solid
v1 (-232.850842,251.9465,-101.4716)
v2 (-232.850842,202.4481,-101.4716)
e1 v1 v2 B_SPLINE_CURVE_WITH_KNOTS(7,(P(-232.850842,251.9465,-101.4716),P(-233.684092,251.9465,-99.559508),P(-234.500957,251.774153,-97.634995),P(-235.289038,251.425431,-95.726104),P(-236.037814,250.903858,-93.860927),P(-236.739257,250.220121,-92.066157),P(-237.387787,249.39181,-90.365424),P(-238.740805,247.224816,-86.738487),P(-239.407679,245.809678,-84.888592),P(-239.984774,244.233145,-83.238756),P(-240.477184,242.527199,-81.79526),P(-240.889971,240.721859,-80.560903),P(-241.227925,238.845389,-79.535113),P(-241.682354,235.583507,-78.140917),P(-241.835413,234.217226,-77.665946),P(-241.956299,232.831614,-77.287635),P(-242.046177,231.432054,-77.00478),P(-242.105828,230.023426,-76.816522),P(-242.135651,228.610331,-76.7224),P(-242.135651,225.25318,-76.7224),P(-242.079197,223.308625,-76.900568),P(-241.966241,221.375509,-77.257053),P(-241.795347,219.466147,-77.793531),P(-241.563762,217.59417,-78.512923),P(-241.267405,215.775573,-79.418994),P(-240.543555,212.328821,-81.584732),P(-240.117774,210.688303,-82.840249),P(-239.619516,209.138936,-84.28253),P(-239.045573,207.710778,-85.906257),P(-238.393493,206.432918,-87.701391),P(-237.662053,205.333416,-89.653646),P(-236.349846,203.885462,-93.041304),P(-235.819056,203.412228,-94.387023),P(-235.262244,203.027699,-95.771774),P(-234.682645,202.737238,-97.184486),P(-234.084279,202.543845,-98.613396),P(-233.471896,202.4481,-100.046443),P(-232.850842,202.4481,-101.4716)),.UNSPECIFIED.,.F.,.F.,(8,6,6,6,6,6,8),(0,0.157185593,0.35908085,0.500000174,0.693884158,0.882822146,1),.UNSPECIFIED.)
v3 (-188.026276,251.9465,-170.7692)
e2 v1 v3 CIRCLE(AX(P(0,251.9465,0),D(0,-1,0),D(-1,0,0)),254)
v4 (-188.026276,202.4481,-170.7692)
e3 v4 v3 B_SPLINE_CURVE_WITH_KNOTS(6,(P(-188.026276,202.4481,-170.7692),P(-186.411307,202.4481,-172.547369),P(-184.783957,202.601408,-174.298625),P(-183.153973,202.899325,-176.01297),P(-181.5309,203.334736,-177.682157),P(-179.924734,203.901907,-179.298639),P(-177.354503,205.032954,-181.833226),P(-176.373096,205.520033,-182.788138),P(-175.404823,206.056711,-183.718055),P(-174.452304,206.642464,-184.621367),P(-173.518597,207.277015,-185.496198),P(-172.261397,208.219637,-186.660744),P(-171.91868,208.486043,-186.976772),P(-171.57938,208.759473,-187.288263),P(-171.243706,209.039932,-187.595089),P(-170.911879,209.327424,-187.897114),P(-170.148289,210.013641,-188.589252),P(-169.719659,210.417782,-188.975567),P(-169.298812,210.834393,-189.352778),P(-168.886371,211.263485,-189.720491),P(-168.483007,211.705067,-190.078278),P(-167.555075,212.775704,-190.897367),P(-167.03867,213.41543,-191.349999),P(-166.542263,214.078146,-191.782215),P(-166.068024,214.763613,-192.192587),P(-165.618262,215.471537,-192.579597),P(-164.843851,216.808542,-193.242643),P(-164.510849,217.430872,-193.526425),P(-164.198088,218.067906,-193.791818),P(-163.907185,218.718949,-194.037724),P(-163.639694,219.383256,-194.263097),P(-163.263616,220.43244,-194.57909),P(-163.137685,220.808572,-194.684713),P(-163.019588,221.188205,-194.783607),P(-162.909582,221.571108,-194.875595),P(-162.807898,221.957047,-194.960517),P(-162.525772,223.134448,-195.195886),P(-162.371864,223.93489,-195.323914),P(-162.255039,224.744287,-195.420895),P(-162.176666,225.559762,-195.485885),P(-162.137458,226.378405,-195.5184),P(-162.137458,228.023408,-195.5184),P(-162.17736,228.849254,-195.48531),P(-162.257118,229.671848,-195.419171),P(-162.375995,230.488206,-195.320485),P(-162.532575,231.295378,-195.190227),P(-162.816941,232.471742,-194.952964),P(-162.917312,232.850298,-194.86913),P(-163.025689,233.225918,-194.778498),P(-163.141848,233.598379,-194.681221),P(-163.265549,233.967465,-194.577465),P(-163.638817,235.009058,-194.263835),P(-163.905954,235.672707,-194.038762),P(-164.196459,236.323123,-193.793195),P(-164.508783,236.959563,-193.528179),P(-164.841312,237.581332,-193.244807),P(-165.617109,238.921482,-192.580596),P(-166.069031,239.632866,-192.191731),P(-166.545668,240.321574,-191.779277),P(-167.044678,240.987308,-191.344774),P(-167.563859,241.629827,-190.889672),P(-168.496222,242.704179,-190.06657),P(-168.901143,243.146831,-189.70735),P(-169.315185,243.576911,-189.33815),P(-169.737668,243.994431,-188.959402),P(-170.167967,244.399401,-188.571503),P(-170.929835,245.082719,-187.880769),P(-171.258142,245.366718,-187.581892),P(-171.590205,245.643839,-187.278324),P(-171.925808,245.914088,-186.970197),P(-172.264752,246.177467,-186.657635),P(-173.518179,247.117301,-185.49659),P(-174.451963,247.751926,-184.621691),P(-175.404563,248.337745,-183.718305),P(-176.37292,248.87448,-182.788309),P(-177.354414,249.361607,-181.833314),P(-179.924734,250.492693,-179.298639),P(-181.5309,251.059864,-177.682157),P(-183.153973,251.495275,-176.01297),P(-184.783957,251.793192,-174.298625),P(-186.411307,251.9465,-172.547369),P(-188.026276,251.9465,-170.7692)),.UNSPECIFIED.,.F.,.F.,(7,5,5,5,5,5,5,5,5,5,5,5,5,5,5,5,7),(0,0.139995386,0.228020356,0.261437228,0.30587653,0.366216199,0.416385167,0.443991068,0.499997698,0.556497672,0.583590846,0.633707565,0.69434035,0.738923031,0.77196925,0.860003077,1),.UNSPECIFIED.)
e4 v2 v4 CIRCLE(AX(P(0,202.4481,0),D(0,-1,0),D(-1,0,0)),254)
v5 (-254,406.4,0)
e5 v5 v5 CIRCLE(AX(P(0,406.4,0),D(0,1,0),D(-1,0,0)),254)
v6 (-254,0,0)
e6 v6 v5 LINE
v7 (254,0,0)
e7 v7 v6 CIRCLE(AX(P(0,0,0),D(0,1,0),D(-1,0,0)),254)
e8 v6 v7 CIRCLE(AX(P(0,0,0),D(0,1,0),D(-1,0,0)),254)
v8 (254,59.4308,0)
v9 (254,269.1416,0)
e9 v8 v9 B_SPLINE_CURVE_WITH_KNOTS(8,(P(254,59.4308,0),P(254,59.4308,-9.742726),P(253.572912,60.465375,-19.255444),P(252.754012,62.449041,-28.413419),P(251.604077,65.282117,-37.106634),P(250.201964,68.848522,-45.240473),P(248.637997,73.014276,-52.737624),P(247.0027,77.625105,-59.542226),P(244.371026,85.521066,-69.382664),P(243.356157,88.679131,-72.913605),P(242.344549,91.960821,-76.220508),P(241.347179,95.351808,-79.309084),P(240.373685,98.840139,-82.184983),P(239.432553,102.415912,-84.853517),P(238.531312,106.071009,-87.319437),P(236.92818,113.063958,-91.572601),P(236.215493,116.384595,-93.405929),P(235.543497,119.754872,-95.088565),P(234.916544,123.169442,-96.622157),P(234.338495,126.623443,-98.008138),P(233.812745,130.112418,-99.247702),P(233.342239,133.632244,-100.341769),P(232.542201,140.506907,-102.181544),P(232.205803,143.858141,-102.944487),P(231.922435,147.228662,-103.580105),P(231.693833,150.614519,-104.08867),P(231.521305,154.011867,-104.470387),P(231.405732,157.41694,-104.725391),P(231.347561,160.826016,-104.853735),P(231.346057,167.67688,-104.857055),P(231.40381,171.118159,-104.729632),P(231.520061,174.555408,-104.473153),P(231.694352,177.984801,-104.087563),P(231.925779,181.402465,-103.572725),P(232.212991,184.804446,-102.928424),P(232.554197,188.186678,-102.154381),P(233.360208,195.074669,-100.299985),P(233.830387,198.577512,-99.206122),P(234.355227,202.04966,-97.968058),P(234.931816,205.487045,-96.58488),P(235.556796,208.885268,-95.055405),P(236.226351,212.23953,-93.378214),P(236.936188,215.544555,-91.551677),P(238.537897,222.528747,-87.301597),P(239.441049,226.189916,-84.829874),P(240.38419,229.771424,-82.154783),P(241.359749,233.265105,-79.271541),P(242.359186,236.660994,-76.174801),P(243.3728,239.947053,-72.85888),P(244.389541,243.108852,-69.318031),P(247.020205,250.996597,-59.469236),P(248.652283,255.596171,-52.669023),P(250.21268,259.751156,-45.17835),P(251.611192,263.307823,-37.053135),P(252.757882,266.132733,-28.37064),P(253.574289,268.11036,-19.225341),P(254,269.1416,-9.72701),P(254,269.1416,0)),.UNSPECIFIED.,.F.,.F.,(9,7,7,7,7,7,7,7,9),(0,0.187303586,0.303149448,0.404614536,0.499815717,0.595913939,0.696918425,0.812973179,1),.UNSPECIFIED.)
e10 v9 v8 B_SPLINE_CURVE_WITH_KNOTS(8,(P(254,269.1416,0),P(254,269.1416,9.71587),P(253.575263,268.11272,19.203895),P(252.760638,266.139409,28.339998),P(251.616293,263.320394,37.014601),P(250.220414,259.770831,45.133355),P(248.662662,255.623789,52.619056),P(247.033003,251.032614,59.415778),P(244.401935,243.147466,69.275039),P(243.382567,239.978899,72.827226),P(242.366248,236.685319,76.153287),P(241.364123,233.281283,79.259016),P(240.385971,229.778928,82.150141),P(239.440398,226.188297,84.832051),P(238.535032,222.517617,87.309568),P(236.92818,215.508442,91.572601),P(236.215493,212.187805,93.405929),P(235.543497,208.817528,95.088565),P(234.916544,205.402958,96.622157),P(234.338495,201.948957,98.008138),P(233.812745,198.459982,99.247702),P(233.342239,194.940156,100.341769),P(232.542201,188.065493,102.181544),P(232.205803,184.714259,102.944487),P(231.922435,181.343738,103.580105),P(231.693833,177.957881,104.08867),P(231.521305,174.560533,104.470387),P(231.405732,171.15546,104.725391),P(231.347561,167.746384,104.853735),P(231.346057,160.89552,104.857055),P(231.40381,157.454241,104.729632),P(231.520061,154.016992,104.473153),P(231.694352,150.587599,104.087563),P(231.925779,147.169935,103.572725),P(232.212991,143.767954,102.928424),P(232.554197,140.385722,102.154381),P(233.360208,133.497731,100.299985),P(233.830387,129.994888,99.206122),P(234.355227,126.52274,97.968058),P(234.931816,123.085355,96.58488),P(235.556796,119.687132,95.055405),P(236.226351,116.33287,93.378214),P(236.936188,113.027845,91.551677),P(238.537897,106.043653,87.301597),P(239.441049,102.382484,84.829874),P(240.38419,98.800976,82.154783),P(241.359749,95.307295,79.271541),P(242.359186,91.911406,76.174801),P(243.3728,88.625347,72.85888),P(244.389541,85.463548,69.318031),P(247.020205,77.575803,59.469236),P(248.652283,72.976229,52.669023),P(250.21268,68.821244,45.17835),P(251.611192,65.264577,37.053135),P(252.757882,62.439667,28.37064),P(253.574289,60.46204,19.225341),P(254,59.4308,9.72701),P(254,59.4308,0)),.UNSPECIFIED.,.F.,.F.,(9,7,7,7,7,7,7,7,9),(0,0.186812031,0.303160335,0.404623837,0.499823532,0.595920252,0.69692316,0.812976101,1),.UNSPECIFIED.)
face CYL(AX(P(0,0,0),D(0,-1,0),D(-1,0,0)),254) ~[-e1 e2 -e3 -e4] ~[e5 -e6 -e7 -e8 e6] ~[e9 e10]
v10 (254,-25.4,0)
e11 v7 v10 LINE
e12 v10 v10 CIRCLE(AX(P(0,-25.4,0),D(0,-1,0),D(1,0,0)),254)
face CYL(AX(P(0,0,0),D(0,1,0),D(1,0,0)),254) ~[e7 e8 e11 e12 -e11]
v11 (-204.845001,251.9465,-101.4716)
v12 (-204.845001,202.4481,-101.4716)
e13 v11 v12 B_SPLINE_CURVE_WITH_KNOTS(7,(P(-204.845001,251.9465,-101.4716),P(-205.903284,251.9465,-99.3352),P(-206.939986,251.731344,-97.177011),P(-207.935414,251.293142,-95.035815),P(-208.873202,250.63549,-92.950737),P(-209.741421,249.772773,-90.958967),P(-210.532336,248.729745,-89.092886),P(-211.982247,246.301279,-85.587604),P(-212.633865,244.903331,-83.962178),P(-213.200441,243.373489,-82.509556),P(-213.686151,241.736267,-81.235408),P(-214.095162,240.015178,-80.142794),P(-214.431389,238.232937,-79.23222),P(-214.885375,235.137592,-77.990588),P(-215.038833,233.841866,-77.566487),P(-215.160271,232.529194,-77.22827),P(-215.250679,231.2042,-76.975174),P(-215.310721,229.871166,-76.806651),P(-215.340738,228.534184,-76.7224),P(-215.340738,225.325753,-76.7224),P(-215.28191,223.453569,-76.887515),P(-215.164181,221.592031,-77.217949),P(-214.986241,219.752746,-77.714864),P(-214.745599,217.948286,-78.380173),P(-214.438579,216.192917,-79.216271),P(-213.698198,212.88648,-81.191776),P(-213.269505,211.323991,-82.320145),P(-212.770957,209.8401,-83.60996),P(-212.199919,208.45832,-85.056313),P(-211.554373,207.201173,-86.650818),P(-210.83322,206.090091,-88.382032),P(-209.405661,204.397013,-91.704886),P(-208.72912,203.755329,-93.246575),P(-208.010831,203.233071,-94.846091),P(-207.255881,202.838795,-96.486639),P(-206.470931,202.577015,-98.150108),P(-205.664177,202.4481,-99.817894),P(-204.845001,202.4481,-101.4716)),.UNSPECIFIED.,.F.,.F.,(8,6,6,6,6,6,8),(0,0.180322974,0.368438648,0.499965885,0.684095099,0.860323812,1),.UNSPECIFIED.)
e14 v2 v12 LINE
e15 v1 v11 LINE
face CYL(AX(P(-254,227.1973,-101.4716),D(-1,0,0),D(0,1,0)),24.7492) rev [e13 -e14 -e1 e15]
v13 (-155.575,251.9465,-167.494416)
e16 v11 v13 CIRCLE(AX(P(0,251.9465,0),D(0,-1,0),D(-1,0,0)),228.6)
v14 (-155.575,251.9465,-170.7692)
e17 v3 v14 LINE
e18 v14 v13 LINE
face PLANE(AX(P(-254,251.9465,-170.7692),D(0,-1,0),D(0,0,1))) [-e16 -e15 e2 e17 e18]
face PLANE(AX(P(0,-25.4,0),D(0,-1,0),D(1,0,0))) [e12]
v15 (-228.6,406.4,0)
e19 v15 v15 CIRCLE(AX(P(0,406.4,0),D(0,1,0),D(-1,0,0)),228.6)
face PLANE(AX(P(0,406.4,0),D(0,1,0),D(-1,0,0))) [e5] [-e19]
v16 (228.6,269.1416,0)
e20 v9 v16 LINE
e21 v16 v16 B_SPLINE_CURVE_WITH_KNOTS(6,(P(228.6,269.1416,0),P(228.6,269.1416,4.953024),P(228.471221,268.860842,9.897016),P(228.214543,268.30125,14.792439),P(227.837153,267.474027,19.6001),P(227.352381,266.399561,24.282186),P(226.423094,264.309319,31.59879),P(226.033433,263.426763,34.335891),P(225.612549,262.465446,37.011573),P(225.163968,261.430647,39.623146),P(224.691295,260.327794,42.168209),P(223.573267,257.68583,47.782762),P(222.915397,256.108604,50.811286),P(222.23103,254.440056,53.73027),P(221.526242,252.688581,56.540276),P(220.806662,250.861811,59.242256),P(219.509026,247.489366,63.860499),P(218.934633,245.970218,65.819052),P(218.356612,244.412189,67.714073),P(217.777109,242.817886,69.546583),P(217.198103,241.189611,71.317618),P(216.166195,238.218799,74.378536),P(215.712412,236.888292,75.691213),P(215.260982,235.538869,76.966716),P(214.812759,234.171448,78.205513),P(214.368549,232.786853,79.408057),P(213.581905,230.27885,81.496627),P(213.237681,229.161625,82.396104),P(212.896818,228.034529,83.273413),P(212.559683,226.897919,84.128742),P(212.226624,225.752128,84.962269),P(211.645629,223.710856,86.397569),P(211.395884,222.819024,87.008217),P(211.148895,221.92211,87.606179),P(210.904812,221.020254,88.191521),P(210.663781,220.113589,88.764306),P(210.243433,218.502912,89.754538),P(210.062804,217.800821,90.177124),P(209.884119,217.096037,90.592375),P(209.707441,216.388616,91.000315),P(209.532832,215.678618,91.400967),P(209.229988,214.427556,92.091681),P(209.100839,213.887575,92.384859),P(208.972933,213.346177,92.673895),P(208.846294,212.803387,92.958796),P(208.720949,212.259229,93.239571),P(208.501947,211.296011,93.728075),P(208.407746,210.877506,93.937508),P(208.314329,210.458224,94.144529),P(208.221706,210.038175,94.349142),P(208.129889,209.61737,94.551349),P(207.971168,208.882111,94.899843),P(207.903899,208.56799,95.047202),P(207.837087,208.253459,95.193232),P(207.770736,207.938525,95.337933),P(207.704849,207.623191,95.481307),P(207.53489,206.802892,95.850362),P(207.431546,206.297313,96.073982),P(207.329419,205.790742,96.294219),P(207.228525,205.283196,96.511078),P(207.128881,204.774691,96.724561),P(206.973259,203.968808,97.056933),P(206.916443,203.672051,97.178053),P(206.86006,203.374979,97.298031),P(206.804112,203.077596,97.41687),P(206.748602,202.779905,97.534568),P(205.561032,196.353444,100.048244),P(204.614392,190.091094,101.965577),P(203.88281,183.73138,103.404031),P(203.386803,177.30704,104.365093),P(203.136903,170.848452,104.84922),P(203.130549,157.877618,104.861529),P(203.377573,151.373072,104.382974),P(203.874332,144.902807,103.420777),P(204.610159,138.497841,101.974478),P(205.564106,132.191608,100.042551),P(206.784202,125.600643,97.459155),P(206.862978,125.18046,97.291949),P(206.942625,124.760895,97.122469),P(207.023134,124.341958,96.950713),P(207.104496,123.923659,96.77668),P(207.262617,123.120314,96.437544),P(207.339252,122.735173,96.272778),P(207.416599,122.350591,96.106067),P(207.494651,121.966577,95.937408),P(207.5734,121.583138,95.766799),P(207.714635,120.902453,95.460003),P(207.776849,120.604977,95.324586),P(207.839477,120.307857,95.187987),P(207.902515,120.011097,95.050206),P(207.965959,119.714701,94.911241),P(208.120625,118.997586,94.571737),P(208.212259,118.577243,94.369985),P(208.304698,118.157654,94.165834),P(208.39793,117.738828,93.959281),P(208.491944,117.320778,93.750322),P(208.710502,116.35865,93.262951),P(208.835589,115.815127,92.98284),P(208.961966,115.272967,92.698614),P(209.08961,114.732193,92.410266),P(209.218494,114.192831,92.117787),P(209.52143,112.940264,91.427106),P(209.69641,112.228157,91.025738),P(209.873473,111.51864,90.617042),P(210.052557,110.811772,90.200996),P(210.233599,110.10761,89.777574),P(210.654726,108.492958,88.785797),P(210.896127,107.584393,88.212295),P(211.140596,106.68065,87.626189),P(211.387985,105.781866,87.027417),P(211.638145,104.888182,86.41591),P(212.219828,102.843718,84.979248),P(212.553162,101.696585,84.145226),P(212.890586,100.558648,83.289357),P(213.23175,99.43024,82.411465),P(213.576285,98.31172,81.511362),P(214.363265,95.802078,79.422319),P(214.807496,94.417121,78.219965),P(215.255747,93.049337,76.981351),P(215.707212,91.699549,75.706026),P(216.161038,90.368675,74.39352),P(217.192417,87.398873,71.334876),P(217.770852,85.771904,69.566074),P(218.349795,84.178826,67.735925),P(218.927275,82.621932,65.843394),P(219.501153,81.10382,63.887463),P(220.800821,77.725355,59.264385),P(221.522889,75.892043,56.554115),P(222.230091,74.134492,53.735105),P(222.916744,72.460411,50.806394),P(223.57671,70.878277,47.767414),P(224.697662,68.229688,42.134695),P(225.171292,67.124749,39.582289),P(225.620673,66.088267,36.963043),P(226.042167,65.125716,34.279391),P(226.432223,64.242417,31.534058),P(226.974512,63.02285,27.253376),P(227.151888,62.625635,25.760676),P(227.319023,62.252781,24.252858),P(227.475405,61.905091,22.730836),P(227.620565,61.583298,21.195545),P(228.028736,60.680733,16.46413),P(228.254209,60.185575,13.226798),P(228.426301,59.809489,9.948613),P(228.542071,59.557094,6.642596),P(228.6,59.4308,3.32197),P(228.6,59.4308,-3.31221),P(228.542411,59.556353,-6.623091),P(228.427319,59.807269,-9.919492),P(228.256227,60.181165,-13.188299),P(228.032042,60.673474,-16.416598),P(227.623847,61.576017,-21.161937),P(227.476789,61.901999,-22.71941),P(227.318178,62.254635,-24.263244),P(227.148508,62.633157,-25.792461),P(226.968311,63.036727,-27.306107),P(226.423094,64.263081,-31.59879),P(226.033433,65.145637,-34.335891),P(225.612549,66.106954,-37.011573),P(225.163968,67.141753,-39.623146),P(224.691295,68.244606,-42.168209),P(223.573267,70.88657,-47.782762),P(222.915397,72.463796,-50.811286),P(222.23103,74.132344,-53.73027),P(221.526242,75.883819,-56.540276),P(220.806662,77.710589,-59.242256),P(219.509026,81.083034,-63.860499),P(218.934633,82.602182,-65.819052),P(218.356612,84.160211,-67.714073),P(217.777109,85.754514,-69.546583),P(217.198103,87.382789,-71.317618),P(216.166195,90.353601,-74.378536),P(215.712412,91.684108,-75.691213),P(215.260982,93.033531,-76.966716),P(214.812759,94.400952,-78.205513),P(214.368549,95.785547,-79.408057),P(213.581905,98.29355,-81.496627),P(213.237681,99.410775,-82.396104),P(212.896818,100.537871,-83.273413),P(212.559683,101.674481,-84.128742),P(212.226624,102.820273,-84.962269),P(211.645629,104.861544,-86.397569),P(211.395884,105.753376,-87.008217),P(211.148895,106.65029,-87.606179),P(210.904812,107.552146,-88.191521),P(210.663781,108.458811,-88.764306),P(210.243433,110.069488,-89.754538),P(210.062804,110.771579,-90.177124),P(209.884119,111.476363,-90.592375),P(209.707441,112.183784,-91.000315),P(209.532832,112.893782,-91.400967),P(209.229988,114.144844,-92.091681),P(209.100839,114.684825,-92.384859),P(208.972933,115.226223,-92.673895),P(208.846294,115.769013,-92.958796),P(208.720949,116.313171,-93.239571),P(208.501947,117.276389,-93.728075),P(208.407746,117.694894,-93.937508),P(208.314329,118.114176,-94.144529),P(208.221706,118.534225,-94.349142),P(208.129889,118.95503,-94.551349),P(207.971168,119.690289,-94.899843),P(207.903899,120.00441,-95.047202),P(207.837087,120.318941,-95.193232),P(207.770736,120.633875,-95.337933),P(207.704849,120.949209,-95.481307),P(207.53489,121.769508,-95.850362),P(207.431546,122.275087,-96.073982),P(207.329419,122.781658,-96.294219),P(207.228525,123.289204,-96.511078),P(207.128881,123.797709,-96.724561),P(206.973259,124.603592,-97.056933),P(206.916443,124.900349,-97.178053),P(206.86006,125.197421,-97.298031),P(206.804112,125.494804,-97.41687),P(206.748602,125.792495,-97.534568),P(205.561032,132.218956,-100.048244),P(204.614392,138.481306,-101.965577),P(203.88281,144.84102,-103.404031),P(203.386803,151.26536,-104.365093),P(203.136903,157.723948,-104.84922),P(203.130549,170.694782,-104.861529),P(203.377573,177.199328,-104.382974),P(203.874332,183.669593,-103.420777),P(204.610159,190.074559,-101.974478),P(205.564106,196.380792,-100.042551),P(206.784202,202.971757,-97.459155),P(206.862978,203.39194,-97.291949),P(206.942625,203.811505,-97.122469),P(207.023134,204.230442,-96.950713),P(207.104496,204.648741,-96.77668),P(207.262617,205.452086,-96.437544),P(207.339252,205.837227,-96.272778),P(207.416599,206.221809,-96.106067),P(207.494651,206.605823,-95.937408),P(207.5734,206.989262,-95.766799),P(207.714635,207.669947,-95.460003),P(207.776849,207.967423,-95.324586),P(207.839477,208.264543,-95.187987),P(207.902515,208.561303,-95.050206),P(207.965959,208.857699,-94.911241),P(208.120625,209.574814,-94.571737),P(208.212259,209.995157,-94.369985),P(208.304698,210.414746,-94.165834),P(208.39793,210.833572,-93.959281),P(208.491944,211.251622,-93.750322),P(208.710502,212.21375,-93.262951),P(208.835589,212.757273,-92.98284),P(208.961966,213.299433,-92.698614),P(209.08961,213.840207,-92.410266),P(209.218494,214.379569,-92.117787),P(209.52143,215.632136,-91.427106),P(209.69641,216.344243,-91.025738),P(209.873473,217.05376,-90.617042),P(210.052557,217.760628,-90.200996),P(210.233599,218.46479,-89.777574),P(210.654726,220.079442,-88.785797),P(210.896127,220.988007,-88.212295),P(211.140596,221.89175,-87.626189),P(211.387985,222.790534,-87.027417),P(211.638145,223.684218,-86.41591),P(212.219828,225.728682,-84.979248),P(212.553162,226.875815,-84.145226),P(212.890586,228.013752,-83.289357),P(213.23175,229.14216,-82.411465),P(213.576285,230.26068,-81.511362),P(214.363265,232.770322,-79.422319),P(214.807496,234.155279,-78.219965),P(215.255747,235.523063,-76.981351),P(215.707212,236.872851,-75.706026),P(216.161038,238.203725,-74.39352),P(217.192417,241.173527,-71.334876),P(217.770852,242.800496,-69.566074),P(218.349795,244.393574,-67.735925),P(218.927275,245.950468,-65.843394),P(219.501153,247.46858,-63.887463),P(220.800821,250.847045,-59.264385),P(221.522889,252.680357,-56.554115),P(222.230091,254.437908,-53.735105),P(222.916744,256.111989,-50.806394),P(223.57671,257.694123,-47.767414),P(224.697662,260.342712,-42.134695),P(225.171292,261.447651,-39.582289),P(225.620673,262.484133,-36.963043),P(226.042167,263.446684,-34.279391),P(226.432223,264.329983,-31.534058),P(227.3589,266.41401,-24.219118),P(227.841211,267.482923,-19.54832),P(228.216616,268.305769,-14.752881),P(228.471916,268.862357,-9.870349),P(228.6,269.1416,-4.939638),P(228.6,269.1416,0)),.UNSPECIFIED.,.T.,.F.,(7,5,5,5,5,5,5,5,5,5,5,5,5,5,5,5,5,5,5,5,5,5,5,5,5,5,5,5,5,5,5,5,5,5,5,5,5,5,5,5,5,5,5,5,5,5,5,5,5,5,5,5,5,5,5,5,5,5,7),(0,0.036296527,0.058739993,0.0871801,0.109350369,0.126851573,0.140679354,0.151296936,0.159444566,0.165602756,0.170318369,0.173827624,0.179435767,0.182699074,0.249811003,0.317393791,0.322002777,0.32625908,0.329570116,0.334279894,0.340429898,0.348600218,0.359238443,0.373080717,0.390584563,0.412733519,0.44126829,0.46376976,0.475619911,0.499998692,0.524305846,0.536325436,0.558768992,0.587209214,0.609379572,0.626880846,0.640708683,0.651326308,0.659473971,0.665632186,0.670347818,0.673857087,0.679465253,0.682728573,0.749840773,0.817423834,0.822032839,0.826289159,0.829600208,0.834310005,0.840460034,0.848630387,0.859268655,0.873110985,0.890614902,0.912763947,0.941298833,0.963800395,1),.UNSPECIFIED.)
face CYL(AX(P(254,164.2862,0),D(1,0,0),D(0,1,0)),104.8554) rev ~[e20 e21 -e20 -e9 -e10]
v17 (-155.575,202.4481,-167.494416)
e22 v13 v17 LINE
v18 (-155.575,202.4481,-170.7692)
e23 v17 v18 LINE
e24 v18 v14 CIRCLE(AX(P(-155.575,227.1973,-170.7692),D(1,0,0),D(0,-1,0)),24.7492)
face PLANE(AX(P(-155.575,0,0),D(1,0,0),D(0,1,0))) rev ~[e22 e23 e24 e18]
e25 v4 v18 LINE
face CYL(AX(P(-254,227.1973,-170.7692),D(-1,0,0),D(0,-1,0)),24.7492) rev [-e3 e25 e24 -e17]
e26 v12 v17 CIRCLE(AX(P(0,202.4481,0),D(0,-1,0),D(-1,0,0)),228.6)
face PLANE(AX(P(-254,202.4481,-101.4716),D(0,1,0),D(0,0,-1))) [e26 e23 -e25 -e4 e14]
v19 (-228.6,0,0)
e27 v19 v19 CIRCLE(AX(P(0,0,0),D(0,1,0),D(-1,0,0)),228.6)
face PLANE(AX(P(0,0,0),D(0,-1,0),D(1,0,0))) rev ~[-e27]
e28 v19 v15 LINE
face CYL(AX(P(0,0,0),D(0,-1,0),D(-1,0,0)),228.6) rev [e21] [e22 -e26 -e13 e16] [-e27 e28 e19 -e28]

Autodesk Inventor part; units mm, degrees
ref_plane "XZ Plane" through (0, 0, 0) normal (0, 1, 0) x (-1, 0, 0)
ref_plane "XY Plane" through (0, 0, 0) normal (0, 0, 1) x (1, 0, 0)
sketch "Sketch1" plane through (0, 0, 0) normal (0, 1, 0) x (-1, 0, 0)
  circle A0 centre (0, 0) radius 228.6
  circle A1 centre (0, 0) radius 254
  dimension "d0" = 457.2
  dimension "d1" = 508
extrude "Extrusion1" add sketch "Sketch1" along normal blind 406.4
sketch "Sketch2" plane through (0, 0, 0) normal (0, -1, 0) x (1, 0, 0)
  circle A0 centre (0, 0) radius 254
extrude "Extrusion2" add sketch "Sketch2" along normal blind 25.4
ref_plane "Work Plane1" through (-254, 0, 0) normal (1, 0, 0) x (0, 1, 0)
sketch "Sketch3" plane through (-254, 0, 0) normal (1, 0, 0) x (0, 1, 0)
  line L0 (227.1973, -170.7692) -> (227.1973, -101.4716) construction
  line L1 (251.9465, -170.7692) -> (251.9465, -101.4716)
  line L2 (202.4481, -101.4716) -> (202.4481, -170.7692)
  arc A0 (202.4481, -170.7692) -> (251.9465, -170.7692) centre (227.1973, -170.7692) ccw
  arc A1 (251.9465, -101.4716) -> (202.4481, -101.4716) centre (227.1973, -101.4716) ccw
  point P0 (0, 0)
  point P1 (227.1973, -136.1204)
extrude "Extrusion3" cut sketch "Sketch3" along normal blind 98.425
ref_plane "Plane for hole making" through (254, 0, 0) normal (1, 0, 0) x (0, 1, 0)
sketch "Sketch4" plane through (254, 0, 0) normal (1, 0, 0) x (0, 1, 0)
  point P0 (0, 0)
sketch "Sketch5" plane through (254, 0, 0) normal (1, 0, 0) x (0, 1, 0)
  circle A0 centre (164.2862, 0) radius 104.8554
  point P0 (0, 0)
extrude "Extrusion4" cut sketch "Sketch5" against normal blind 76.2
